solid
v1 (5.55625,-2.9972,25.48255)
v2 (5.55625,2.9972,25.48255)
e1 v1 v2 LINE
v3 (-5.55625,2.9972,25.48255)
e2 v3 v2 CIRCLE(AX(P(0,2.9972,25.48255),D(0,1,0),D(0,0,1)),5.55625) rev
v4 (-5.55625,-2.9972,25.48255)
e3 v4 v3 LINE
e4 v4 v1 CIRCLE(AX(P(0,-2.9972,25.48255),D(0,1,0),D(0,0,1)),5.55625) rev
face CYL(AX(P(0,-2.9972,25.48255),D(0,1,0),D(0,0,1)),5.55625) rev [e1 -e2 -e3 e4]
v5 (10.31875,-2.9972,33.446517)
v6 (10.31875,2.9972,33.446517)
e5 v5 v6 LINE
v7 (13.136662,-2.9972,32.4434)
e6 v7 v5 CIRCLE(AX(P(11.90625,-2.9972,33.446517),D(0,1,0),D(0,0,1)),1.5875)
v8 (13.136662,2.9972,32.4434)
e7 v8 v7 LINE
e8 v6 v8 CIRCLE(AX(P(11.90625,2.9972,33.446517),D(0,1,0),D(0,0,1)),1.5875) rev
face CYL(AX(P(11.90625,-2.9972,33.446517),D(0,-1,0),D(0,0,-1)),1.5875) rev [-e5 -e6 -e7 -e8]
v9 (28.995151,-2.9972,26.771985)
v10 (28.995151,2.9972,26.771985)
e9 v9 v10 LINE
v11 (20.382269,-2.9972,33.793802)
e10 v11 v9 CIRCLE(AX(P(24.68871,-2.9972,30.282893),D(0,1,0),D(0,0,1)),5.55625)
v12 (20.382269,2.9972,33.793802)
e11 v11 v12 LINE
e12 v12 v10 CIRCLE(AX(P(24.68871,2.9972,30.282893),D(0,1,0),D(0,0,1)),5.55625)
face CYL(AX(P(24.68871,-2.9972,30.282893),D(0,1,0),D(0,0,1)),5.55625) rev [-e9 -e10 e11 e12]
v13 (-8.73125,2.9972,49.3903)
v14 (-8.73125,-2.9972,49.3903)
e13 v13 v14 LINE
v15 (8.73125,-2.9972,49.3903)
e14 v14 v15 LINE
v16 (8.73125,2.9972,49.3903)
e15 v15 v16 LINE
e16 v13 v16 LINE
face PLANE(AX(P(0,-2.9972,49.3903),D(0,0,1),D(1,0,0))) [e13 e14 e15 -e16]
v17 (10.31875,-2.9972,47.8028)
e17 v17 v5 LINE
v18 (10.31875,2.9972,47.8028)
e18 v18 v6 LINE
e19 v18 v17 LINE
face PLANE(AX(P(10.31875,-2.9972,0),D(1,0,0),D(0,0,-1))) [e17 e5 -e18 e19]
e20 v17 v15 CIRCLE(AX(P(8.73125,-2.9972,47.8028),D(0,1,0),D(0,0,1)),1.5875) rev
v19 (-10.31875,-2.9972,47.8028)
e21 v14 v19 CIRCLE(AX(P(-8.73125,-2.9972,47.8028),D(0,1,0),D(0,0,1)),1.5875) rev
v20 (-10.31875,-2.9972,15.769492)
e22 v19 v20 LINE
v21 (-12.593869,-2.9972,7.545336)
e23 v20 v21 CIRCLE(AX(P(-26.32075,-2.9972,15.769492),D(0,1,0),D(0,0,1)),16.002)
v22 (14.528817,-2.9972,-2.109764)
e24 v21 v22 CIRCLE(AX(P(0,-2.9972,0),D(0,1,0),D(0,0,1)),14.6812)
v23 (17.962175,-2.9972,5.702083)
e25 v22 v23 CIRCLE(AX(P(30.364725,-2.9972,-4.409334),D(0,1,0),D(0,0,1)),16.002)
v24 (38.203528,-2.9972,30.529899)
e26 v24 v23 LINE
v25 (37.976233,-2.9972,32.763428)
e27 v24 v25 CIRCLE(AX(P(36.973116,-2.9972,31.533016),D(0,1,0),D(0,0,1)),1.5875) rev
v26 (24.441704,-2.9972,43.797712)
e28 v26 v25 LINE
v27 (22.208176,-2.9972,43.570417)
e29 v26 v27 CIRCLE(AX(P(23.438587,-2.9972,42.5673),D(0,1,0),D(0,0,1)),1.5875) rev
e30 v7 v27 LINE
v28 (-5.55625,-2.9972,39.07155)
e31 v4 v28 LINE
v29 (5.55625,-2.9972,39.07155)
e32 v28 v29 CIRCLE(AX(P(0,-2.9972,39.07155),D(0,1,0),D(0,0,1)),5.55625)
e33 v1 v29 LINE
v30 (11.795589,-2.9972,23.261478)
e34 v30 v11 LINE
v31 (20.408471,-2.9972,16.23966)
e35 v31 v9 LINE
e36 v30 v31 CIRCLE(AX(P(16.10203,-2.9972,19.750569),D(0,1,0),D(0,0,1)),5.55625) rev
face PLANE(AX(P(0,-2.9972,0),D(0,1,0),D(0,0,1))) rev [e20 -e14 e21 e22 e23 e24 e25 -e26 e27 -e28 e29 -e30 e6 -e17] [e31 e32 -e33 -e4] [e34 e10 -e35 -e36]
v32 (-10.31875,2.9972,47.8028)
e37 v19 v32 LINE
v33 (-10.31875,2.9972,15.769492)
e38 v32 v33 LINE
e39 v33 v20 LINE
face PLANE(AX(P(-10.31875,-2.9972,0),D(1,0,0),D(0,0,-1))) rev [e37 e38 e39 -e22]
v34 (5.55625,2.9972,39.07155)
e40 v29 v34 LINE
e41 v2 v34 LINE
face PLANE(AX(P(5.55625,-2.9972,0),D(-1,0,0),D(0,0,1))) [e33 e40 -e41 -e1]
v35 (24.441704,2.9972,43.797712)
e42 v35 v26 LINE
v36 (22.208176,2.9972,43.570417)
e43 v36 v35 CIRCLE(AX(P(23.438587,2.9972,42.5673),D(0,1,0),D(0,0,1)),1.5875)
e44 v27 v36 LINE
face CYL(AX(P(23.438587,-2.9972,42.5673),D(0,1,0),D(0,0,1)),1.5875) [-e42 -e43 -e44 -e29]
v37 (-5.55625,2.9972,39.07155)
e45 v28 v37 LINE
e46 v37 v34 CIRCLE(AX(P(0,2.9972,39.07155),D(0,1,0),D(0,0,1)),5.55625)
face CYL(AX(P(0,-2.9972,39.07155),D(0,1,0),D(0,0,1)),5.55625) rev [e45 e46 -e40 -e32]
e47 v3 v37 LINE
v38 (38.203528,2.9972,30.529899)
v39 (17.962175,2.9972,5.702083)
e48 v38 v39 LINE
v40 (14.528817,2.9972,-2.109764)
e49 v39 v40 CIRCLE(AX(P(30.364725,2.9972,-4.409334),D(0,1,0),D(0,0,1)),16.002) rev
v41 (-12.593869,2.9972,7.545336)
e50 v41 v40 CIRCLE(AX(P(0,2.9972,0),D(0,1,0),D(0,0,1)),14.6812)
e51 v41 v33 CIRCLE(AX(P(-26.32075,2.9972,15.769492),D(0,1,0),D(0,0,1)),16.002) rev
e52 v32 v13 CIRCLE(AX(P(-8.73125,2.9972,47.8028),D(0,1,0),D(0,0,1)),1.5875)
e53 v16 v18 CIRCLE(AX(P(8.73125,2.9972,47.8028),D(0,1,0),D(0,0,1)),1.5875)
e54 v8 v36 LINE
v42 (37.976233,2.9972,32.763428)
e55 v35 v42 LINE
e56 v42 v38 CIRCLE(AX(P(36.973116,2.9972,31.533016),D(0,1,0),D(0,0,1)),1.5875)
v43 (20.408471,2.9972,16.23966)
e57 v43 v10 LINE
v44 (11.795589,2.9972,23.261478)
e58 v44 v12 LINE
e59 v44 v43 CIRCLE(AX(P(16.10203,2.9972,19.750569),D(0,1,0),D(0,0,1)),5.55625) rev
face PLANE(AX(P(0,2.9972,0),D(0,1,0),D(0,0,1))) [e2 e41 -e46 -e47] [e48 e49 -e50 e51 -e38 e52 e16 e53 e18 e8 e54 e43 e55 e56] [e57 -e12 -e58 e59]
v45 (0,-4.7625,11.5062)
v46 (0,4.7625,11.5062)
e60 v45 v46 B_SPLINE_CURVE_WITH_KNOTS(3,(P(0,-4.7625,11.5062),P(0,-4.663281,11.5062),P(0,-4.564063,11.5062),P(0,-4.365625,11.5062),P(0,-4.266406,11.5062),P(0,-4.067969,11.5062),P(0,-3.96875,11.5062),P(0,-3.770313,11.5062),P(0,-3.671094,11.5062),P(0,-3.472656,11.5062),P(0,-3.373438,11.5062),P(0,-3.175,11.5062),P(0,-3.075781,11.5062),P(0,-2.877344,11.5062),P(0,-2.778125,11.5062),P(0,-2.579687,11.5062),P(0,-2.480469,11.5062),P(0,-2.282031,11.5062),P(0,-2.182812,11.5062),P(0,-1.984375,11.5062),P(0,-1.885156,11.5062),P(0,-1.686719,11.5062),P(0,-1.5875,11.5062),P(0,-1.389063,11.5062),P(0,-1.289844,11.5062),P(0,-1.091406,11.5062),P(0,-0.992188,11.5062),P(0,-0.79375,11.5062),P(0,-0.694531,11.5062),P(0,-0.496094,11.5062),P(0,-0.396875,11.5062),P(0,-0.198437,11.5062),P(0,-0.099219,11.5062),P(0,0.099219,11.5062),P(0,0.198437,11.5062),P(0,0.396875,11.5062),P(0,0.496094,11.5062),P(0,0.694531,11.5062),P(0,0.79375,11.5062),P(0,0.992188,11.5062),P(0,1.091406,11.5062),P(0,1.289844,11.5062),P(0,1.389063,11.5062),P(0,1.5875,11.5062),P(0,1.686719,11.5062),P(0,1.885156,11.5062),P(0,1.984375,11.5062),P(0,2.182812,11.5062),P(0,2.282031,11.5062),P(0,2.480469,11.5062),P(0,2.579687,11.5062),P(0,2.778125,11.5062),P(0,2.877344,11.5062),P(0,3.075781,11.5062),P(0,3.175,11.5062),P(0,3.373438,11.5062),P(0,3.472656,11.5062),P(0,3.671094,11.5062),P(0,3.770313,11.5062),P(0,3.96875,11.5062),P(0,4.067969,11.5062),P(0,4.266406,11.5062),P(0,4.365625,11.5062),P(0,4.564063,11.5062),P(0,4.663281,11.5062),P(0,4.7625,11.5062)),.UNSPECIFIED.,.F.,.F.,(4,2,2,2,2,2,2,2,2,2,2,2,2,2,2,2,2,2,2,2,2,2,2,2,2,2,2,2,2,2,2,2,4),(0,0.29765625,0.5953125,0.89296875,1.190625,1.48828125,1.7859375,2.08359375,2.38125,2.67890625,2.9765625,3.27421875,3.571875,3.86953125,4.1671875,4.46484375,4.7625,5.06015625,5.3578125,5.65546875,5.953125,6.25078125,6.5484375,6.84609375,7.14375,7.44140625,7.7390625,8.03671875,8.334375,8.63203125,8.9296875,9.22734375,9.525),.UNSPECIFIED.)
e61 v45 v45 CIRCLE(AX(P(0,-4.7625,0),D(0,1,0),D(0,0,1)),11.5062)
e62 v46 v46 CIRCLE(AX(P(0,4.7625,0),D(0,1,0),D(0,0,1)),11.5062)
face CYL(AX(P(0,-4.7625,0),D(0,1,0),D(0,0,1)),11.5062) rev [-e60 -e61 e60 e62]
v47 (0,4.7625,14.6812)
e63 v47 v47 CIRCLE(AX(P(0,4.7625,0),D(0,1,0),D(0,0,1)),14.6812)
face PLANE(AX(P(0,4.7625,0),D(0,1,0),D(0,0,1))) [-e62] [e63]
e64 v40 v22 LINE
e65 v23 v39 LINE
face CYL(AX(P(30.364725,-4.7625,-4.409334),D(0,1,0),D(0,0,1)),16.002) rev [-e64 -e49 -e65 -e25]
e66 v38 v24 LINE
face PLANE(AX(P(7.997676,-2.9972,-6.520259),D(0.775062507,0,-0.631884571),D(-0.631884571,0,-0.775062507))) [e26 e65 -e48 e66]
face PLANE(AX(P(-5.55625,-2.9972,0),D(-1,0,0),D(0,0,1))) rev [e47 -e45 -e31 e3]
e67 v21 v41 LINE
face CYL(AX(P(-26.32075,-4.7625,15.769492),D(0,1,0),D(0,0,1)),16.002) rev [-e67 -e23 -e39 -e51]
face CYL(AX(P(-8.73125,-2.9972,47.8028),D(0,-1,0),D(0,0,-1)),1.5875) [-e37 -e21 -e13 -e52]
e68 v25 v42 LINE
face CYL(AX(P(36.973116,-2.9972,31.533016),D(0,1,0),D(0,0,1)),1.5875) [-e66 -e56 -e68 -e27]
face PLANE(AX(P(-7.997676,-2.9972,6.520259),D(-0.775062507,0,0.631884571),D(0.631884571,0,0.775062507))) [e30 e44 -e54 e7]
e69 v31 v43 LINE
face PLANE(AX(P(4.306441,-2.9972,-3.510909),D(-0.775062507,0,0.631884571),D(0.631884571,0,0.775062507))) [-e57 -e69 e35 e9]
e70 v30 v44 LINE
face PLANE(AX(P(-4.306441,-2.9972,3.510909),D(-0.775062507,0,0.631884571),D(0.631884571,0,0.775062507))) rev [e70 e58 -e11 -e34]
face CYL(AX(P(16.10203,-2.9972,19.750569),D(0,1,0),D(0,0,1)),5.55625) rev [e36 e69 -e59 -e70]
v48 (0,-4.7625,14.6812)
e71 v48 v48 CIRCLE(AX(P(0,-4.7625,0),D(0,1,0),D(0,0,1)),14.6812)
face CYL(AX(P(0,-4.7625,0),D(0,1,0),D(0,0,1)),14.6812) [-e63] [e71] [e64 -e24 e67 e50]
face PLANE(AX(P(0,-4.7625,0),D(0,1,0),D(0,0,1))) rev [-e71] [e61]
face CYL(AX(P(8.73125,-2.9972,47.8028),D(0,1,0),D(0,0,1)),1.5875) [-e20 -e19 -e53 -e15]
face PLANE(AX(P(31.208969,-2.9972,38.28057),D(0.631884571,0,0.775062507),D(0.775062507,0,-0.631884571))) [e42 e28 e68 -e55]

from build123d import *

# Parameters (mm, degrees)
BOSS_EXTRUDE1_DEPTH      = 4.7625
BOSS_EXTRUDE1_DEPTH_BACK = 4.7625
SKETCH1_R                = 14.6812
SKETCH1_R_2              = 11.5062
BOSS_EXTRUDE2_DEPTH      = 2.9972
BOSS_EXTRUDE2_DEPTH_BACK = 2.9972
FILLET1_R                = 16.002
FILLET2_R                = 1.5875


with BuildPart() as part:
    # Sketch1 → Boss-Extrude1 (new, two sides: drawn at the far end of the back side and taken through both)
    with BuildSketch(Plane(origin=(0, 0, 0), x_dir=(1, 0, 0), z_dir=(0, 1, 0)).offset(-BOSS_EXTRUDE1_DEPTH_BACK)):
        with Locations(Location((0, 0, 0), (0, 0, 270))):
            Circle(SKETCH1_R)
        with Locations(Location((0, 0, 0), (0, 0, 270))):
            Circle(SKETCH1_R_2, mode=Mode.SUBTRACT)
    extrude(amount=BOSS_EXTRUDE1_DEPTH + BOSS_EXTRUDE1_DEPTH_BACK)

    # Sketch1<4> → Boss-Extrude2 (add, two sides: drawn at the far end of the back side and taken through both)
    with BuildSketch(Plane(origin=(0, 0, 0), x_dir=(1, 0, 0), z_dir=(0, 1, 0)).offset(-BOSS_EXTRUDE2_DEPTH_BACK)):
        with BuildLine():
            Line((-10.31875, -10.443228997), (-10.31875, -49.3903))
            Line((-10.31875, -49.3903), (10.31875, -49.3903))
            Line((10.31875, -49.3903), (10.31875, -28.986981317))
            Line((10.31875, -28.986981317), (23.211292264, -44.800828643))
            Line((23.211292264, -44.800828643), (39.206644749, -31.760310817))
            Line((39.206644749, -31.760310817), (14.596591512, -1.573896333))
            ThreePointArc((14.596591512, -1.573896333), (4.923540137, -13.830993672), (-10.31875, -10.443228997))
        make_face()
        with BuildLine():
            Line((-5.55625, -39.07155), (-5.55625, -25.48255))
            ThreePointArc((-5.55625, -25.48255), (0, -19.9263), (5.55625, -25.48255))
            Line((5.55625, -25.48255), (5.55625, -39.07155))
            ThreePointArc((5.55625, -39.07155), (0, -44.6278), (-5.55625, -39.07155))
        make_face(mode=Mode.SUBTRACT)
        with BuildLine():
            Line((20.38226854, -33.793802133), (11.795589111, -23.261477728))
            ThreePointArc((11.795589111, -23.261477728), (12.591121519, -15.444128029), (20.408471218, -16.239660438))
            Line((20.408471218, -16.239660438), (28.995150647, -26.771984843))
            ThreePointArc((28.995150647, -26.771984843), (28.199618239, -34.589334541), (20.38226854, -33.793802133))
        make_face(mode=Mode.SUBTRACT)
    extrude(amount=BOSS_EXTRUDE2_DEPTH + BOSS_EXTRUDE2_DEPTH_BACK)

    # Fillet1
    fillet1_edges = [part.edges().sort_by_distance(p)[0] for p in [
        (-10.31875, 0, 10.443228997),
        (14.596591512, 0, 1.573896333),
    ]]
    fillet(fillet1_edges, radius=FILLET1_R)

    # Fillet2
    fillet2_edges = [part.edges().sort_by_distance(p)[0] for p in [
        (39.206644749, 0, 31.760310817),
        (23.211292264, 0, 44.800828643),
        (10.31875, 0, 28.986981317),
        (10.31875, 0, 49.3903),
        (-10.31875, 0, 49.3903),
    ]]
    fillet(fillet2_edges, radius=FILLET2_R)


solid = part.part
